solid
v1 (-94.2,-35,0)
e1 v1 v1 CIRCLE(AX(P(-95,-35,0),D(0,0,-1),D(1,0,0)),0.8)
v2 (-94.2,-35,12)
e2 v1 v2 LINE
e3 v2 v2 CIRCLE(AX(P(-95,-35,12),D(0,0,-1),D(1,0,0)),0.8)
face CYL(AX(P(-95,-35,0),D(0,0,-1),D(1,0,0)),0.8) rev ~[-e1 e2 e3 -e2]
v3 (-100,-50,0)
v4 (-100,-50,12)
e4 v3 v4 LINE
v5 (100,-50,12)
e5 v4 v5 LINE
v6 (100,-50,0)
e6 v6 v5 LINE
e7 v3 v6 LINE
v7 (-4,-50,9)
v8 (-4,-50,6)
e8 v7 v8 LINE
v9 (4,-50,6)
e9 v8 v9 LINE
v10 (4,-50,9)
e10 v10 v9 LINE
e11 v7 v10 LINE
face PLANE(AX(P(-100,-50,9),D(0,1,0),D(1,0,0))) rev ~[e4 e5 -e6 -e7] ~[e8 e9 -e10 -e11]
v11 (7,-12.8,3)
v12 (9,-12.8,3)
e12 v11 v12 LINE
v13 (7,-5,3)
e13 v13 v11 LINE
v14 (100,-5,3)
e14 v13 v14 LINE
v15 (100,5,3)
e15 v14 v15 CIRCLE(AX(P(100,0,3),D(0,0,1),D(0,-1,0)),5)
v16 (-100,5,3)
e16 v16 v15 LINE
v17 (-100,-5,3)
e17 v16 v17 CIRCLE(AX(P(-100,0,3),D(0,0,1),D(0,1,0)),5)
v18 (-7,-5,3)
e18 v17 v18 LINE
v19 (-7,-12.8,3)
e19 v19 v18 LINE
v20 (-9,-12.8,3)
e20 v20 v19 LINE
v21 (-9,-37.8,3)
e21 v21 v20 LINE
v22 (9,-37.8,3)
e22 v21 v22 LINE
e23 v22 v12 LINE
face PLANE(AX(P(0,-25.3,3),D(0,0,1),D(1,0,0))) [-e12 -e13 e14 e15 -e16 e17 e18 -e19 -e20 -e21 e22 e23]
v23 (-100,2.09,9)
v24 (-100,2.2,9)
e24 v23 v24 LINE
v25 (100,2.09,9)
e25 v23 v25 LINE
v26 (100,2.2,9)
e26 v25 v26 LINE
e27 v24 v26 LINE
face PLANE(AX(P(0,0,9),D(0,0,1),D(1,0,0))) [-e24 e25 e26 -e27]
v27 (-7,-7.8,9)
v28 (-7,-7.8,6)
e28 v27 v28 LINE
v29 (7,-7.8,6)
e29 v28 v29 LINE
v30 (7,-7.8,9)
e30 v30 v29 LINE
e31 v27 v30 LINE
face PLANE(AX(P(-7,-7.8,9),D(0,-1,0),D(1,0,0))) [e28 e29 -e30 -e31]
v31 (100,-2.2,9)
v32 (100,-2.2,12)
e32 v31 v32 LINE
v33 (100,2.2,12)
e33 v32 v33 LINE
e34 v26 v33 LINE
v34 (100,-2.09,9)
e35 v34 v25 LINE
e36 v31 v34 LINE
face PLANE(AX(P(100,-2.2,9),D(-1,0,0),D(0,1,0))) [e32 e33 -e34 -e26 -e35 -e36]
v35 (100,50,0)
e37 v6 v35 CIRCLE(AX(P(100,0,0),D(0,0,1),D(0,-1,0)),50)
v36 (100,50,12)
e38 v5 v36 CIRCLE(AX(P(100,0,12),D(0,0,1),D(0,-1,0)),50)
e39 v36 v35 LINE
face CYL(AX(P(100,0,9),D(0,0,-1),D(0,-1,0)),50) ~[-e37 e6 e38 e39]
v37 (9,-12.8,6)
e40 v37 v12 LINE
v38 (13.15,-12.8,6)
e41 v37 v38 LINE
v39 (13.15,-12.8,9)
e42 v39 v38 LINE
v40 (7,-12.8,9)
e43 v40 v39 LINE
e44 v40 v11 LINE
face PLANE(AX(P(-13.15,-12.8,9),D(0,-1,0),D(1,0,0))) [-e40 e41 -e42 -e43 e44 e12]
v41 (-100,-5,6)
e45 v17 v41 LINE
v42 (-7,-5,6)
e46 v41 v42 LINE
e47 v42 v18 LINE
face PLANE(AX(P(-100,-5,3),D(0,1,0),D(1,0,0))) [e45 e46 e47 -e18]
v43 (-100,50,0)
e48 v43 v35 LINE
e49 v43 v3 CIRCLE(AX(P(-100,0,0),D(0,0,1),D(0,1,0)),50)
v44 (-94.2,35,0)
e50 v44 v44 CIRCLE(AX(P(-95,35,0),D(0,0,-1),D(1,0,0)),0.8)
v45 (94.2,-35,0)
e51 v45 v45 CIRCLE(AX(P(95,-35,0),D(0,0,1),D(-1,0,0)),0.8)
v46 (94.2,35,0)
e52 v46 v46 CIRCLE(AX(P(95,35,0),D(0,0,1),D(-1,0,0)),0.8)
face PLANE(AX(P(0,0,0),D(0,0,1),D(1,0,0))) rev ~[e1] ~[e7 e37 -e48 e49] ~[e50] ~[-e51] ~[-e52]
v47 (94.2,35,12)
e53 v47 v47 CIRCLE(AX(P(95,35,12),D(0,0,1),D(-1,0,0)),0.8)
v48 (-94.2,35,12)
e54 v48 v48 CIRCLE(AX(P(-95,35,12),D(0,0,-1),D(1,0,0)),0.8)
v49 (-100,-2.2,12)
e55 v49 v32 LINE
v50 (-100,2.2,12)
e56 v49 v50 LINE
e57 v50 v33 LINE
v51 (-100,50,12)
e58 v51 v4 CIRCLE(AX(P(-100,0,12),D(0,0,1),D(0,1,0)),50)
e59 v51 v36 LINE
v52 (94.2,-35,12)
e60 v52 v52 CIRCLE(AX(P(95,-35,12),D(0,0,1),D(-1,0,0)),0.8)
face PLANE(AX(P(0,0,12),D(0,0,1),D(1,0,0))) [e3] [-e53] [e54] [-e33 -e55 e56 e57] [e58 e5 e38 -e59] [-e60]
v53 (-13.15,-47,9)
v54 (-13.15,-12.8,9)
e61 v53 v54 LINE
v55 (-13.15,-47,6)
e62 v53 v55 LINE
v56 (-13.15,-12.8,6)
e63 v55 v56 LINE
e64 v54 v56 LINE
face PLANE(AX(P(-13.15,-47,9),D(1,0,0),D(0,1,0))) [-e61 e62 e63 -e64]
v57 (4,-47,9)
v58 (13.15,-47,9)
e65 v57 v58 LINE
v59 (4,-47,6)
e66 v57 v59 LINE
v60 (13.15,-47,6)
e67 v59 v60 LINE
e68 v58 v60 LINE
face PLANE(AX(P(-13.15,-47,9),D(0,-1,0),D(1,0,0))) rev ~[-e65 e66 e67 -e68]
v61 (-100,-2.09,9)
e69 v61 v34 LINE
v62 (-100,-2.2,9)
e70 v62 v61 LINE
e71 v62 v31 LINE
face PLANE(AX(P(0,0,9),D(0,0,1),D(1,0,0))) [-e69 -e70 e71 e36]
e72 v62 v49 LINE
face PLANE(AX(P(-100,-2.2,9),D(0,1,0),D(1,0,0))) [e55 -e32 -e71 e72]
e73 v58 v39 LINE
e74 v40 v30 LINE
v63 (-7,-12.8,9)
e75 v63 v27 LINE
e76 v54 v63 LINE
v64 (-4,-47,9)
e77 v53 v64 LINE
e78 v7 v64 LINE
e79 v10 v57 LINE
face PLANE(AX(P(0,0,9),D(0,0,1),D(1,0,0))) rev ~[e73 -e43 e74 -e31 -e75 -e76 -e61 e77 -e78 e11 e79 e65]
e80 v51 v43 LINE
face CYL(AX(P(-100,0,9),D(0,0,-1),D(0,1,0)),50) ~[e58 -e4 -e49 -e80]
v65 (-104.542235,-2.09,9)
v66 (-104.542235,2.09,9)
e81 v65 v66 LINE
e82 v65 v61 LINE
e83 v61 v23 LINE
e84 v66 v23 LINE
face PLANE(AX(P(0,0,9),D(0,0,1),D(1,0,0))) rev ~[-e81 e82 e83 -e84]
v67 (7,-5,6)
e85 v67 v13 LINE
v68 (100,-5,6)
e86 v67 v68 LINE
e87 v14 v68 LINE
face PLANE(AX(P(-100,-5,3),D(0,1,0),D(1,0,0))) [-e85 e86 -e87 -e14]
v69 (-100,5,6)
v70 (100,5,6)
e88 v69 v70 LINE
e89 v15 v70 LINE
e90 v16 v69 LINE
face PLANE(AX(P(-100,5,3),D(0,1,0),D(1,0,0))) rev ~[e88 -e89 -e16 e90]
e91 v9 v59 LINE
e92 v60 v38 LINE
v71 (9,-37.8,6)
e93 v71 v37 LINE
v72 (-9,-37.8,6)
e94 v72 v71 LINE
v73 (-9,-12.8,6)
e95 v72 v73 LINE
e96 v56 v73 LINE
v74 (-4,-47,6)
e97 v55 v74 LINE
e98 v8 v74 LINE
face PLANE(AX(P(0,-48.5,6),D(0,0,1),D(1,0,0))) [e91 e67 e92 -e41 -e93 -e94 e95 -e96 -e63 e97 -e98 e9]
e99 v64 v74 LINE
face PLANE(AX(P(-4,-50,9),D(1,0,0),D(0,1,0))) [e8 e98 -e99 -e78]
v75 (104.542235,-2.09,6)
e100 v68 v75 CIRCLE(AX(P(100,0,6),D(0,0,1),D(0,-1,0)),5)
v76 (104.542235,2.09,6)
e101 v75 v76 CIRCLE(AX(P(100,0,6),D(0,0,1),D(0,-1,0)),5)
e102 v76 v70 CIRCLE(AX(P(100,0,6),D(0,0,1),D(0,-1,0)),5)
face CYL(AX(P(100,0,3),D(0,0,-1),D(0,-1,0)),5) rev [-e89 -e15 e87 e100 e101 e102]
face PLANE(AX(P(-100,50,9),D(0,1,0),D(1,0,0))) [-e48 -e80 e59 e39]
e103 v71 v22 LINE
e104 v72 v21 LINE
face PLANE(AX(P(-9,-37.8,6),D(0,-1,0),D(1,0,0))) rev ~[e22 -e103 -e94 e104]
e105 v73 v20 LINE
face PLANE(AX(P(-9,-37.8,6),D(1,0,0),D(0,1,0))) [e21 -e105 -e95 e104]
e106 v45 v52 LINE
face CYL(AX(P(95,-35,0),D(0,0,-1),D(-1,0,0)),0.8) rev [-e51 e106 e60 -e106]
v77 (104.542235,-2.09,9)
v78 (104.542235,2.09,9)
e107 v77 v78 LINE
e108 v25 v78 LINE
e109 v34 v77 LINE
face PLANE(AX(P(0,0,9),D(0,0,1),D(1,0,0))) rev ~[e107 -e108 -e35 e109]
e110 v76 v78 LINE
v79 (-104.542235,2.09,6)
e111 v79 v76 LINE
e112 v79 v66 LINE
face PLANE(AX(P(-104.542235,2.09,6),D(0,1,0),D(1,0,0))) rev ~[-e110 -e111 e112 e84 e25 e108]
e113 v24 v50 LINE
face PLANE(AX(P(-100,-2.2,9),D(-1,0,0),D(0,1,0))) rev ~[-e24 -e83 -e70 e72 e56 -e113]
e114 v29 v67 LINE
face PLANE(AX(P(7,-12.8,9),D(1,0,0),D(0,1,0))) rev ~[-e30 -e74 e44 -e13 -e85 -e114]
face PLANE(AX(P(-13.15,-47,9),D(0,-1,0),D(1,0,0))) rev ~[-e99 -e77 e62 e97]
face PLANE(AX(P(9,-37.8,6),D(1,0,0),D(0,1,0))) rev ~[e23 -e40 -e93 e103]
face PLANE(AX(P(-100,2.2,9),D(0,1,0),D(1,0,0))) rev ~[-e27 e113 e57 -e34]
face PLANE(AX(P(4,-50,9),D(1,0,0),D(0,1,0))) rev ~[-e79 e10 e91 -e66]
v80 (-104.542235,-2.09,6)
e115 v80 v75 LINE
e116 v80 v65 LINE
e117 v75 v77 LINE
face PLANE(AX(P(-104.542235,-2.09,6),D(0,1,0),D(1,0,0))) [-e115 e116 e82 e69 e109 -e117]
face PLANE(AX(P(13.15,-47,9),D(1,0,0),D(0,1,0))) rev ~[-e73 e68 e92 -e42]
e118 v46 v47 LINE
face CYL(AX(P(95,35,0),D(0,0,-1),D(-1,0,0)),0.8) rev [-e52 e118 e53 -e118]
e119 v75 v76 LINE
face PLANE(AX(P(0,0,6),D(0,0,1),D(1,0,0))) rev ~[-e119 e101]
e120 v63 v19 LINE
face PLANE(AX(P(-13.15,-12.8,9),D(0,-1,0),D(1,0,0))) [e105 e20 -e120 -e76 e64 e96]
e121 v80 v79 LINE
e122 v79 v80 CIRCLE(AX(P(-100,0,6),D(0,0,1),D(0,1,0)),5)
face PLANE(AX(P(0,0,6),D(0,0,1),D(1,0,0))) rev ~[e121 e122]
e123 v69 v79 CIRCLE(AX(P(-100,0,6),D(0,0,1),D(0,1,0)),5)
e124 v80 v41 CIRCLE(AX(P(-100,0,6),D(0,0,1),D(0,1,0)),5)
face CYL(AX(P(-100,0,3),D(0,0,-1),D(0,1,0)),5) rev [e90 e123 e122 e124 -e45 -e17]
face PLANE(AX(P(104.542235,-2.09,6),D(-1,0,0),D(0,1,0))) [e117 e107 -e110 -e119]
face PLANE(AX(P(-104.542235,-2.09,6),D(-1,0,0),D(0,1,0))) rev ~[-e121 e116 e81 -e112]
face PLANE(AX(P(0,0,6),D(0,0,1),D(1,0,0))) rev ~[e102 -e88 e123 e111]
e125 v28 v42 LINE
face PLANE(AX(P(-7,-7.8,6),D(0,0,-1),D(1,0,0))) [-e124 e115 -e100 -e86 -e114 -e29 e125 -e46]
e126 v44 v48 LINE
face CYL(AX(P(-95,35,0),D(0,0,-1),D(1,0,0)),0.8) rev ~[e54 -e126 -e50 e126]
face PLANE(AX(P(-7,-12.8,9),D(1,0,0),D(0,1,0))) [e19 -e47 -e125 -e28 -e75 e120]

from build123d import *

# Parameters (mm, degrees)
PAD_DEPTH       = 3
PAD001_DEPTH    = 3
SKETCH002_W     = 209.08447
SKETCH002_H     = 4.18
PAD002_DEPTH    = 3
SKETCH003_W     = 26.3
SKETCH003_H     = 34.2
POCKET_DEPTH    = 3
SKETCH004_W     = 18
SKETCH004_H     = 25
POCKET001_DEPTH = 3
SKETCH005_W     = 14
SKETCH005_H     = 5
POCKET002_DEPTH = 6
SKETCH006_W     = 14
SKETCH006_H     = 3
POCKET003_DEPTH = 3
SKETCH007_W     = 8
SKETCH007_H     = 3
POCKET004_DEPTH = 3
SKETCH008_W     = 200
SKETCH008_H     = 4.4
PAD003_DEPTH    = 3
SKETCH009_R     = 0.8
POCKET005_DEPTH = 12


with BuildPart() as part:
    # Sketch → Pad (new body)
    with BuildSketch(Plane.XY):
        with BuildLine():
            ThreePointArc((-100, 50), (-150, 0), (-100, -50))
            Line((-100, -50), (100, -50))
            ThreePointArc((100, -50), (150, 0), (100, 50))
            Line((-100, 50), (100, 50))
        make_face()
    extrude(amount=PAD_DEPTH)

    # Sketch001 (on Face6 of Pad) → Pad001 (join)
    with BuildSketch(Plane.XY.offset(3)):
        with BuildLine():
            ThreePointArc((-100, 50), (-150, 0), (-100, -50))
            Line((-100, -50), (100, -50))
            ThreePointArc((100, -50), (150, 0), (100, 50))
            Line((-100, 50), (100, 50))
        make_face()
        with BuildLine():
            ThreePointArc((-100, 5), (-105, 0), (-100, -5))
            Line((-100, -5), (100, -5))
            ThreePointArc((100, -5), (105, 0), (100, 5))
            Line((-100, 5), (100, 5))
        make_face(mode=Mode.SUBTRACT)
    extrude(amount=PAD001_DEPTH)

    # Sketch002 (on Face9 of Pad001) → Pad002 (join)
    with BuildSketch(Plane.XY.offset(6)):
        with BuildLine():
            ThreePointArc((-100, 50), (-150, 0), (-100, -50))
            Line((-100, -50), (100, -50))
            ThreePointArc((100, -50), (150, 0), (100, 50))
            Line((-100, 50), (100, 50))
        make_face()
        Rectangle(SKETCH002_W, SKETCH002_H, mode=Mode.SUBTRACT)
    extrude(amount=PAD002_DEPTH)

    # Sketch003 (on Face13 of Pad002) → Pocket (cut)
    with BuildSketch(Plane.XY.offset(9)):
        with Locations((0, -29.9)):
            Rectangle(SKETCH003_W, SKETCH003_H)
    extrude(amount=-POCKET_DEPTH, mode=Mode.SUBTRACT)

    # Sketch004 (on Face27 of Pocket) → Pocket001 (cut)
    with BuildSketch(Plane.XY.offset(6)):
        with Locations((0, -25.3)):
            Rectangle(SKETCH004_W, SKETCH004_H)
    extrude(amount=-POCKET001_DEPTH, mode=Mode.SUBTRACT)

    # Sketch005 (on Face13 of Pocket001) → Pocket002 (cut)
    with BuildSketch(Plane.XY.offset(9)):
        with Locations((0, -10.3)):
            Rectangle(SKETCH005_W, SKETCH005_H)
    extrude(amount=-POCKET002_DEPTH, mode=Mode.SUBTRACT)

    # Sketch006 (on Face23 of Pocket002) → Pocket003 (cut)
    with BuildSketch(Plane.XZ.offset(7.8)):
        with Locations((0, 4.5)):
            Rectangle(SKETCH006_W, SKETCH006_H)
    extrude(amount=-POCKET003_DEPTH, mode=Mode.SUBTRACT)

    # Sketch007 (on Face13 of Pocket003) → Pocket004 (cut)
    with BuildSketch(Plane.XY.offset(9)):
        with Locations((0, -48.5)):
            Rectangle(SKETCH007_W, SKETCH007_H)
    extrude(amount=-POCKET004_DEPTH, mode=Mode.SUBTRACT)

    # Sketch008 (on Face15 of Pocket004) → Pad003 (join)
    with BuildSketch(Plane.XY.offset(9)):
        with BuildLine():
            ThreePointArc((-100, 50), (-150, 0), (-100, -50))
            Line((-100, -50), (100, -50))
            ThreePointArc((100, -50), (150, 0), (100, 50))
            Line((-100, 50), (100, 50))
        make_face()
        Rectangle(SKETCH008_W, SKETCH008_H, mode=Mode.SUBTRACT)
    extrude(amount=PAD003_DEPTH)

    # Sketch009 (on Face4 of Pad003) → Pocket005 (cut)
    with BuildSketch(Plane(origin=(0, 0, 0), x_dir=(1, 0, 0), z_dir=(0, 0, -1))):
        with Locations((-95, 35)):
            Circle(SKETCH009_R)
        with Locations((-95, -35)):
            Circle(SKETCH009_R)
    pocket005 = extrude(amount=-POCKET005_DEPTH, mode=Mode.SUBTRACT)

    # Mirrored: Pocket005 across Sketch009 V_Axis
    add(pocket005.mirror(Plane(origin=(0, 0, 0), x_dir=(0, 0, -1), z_dir=(1, 0, 0))), mode=Mode.SUBTRACT)


solid = part.part
